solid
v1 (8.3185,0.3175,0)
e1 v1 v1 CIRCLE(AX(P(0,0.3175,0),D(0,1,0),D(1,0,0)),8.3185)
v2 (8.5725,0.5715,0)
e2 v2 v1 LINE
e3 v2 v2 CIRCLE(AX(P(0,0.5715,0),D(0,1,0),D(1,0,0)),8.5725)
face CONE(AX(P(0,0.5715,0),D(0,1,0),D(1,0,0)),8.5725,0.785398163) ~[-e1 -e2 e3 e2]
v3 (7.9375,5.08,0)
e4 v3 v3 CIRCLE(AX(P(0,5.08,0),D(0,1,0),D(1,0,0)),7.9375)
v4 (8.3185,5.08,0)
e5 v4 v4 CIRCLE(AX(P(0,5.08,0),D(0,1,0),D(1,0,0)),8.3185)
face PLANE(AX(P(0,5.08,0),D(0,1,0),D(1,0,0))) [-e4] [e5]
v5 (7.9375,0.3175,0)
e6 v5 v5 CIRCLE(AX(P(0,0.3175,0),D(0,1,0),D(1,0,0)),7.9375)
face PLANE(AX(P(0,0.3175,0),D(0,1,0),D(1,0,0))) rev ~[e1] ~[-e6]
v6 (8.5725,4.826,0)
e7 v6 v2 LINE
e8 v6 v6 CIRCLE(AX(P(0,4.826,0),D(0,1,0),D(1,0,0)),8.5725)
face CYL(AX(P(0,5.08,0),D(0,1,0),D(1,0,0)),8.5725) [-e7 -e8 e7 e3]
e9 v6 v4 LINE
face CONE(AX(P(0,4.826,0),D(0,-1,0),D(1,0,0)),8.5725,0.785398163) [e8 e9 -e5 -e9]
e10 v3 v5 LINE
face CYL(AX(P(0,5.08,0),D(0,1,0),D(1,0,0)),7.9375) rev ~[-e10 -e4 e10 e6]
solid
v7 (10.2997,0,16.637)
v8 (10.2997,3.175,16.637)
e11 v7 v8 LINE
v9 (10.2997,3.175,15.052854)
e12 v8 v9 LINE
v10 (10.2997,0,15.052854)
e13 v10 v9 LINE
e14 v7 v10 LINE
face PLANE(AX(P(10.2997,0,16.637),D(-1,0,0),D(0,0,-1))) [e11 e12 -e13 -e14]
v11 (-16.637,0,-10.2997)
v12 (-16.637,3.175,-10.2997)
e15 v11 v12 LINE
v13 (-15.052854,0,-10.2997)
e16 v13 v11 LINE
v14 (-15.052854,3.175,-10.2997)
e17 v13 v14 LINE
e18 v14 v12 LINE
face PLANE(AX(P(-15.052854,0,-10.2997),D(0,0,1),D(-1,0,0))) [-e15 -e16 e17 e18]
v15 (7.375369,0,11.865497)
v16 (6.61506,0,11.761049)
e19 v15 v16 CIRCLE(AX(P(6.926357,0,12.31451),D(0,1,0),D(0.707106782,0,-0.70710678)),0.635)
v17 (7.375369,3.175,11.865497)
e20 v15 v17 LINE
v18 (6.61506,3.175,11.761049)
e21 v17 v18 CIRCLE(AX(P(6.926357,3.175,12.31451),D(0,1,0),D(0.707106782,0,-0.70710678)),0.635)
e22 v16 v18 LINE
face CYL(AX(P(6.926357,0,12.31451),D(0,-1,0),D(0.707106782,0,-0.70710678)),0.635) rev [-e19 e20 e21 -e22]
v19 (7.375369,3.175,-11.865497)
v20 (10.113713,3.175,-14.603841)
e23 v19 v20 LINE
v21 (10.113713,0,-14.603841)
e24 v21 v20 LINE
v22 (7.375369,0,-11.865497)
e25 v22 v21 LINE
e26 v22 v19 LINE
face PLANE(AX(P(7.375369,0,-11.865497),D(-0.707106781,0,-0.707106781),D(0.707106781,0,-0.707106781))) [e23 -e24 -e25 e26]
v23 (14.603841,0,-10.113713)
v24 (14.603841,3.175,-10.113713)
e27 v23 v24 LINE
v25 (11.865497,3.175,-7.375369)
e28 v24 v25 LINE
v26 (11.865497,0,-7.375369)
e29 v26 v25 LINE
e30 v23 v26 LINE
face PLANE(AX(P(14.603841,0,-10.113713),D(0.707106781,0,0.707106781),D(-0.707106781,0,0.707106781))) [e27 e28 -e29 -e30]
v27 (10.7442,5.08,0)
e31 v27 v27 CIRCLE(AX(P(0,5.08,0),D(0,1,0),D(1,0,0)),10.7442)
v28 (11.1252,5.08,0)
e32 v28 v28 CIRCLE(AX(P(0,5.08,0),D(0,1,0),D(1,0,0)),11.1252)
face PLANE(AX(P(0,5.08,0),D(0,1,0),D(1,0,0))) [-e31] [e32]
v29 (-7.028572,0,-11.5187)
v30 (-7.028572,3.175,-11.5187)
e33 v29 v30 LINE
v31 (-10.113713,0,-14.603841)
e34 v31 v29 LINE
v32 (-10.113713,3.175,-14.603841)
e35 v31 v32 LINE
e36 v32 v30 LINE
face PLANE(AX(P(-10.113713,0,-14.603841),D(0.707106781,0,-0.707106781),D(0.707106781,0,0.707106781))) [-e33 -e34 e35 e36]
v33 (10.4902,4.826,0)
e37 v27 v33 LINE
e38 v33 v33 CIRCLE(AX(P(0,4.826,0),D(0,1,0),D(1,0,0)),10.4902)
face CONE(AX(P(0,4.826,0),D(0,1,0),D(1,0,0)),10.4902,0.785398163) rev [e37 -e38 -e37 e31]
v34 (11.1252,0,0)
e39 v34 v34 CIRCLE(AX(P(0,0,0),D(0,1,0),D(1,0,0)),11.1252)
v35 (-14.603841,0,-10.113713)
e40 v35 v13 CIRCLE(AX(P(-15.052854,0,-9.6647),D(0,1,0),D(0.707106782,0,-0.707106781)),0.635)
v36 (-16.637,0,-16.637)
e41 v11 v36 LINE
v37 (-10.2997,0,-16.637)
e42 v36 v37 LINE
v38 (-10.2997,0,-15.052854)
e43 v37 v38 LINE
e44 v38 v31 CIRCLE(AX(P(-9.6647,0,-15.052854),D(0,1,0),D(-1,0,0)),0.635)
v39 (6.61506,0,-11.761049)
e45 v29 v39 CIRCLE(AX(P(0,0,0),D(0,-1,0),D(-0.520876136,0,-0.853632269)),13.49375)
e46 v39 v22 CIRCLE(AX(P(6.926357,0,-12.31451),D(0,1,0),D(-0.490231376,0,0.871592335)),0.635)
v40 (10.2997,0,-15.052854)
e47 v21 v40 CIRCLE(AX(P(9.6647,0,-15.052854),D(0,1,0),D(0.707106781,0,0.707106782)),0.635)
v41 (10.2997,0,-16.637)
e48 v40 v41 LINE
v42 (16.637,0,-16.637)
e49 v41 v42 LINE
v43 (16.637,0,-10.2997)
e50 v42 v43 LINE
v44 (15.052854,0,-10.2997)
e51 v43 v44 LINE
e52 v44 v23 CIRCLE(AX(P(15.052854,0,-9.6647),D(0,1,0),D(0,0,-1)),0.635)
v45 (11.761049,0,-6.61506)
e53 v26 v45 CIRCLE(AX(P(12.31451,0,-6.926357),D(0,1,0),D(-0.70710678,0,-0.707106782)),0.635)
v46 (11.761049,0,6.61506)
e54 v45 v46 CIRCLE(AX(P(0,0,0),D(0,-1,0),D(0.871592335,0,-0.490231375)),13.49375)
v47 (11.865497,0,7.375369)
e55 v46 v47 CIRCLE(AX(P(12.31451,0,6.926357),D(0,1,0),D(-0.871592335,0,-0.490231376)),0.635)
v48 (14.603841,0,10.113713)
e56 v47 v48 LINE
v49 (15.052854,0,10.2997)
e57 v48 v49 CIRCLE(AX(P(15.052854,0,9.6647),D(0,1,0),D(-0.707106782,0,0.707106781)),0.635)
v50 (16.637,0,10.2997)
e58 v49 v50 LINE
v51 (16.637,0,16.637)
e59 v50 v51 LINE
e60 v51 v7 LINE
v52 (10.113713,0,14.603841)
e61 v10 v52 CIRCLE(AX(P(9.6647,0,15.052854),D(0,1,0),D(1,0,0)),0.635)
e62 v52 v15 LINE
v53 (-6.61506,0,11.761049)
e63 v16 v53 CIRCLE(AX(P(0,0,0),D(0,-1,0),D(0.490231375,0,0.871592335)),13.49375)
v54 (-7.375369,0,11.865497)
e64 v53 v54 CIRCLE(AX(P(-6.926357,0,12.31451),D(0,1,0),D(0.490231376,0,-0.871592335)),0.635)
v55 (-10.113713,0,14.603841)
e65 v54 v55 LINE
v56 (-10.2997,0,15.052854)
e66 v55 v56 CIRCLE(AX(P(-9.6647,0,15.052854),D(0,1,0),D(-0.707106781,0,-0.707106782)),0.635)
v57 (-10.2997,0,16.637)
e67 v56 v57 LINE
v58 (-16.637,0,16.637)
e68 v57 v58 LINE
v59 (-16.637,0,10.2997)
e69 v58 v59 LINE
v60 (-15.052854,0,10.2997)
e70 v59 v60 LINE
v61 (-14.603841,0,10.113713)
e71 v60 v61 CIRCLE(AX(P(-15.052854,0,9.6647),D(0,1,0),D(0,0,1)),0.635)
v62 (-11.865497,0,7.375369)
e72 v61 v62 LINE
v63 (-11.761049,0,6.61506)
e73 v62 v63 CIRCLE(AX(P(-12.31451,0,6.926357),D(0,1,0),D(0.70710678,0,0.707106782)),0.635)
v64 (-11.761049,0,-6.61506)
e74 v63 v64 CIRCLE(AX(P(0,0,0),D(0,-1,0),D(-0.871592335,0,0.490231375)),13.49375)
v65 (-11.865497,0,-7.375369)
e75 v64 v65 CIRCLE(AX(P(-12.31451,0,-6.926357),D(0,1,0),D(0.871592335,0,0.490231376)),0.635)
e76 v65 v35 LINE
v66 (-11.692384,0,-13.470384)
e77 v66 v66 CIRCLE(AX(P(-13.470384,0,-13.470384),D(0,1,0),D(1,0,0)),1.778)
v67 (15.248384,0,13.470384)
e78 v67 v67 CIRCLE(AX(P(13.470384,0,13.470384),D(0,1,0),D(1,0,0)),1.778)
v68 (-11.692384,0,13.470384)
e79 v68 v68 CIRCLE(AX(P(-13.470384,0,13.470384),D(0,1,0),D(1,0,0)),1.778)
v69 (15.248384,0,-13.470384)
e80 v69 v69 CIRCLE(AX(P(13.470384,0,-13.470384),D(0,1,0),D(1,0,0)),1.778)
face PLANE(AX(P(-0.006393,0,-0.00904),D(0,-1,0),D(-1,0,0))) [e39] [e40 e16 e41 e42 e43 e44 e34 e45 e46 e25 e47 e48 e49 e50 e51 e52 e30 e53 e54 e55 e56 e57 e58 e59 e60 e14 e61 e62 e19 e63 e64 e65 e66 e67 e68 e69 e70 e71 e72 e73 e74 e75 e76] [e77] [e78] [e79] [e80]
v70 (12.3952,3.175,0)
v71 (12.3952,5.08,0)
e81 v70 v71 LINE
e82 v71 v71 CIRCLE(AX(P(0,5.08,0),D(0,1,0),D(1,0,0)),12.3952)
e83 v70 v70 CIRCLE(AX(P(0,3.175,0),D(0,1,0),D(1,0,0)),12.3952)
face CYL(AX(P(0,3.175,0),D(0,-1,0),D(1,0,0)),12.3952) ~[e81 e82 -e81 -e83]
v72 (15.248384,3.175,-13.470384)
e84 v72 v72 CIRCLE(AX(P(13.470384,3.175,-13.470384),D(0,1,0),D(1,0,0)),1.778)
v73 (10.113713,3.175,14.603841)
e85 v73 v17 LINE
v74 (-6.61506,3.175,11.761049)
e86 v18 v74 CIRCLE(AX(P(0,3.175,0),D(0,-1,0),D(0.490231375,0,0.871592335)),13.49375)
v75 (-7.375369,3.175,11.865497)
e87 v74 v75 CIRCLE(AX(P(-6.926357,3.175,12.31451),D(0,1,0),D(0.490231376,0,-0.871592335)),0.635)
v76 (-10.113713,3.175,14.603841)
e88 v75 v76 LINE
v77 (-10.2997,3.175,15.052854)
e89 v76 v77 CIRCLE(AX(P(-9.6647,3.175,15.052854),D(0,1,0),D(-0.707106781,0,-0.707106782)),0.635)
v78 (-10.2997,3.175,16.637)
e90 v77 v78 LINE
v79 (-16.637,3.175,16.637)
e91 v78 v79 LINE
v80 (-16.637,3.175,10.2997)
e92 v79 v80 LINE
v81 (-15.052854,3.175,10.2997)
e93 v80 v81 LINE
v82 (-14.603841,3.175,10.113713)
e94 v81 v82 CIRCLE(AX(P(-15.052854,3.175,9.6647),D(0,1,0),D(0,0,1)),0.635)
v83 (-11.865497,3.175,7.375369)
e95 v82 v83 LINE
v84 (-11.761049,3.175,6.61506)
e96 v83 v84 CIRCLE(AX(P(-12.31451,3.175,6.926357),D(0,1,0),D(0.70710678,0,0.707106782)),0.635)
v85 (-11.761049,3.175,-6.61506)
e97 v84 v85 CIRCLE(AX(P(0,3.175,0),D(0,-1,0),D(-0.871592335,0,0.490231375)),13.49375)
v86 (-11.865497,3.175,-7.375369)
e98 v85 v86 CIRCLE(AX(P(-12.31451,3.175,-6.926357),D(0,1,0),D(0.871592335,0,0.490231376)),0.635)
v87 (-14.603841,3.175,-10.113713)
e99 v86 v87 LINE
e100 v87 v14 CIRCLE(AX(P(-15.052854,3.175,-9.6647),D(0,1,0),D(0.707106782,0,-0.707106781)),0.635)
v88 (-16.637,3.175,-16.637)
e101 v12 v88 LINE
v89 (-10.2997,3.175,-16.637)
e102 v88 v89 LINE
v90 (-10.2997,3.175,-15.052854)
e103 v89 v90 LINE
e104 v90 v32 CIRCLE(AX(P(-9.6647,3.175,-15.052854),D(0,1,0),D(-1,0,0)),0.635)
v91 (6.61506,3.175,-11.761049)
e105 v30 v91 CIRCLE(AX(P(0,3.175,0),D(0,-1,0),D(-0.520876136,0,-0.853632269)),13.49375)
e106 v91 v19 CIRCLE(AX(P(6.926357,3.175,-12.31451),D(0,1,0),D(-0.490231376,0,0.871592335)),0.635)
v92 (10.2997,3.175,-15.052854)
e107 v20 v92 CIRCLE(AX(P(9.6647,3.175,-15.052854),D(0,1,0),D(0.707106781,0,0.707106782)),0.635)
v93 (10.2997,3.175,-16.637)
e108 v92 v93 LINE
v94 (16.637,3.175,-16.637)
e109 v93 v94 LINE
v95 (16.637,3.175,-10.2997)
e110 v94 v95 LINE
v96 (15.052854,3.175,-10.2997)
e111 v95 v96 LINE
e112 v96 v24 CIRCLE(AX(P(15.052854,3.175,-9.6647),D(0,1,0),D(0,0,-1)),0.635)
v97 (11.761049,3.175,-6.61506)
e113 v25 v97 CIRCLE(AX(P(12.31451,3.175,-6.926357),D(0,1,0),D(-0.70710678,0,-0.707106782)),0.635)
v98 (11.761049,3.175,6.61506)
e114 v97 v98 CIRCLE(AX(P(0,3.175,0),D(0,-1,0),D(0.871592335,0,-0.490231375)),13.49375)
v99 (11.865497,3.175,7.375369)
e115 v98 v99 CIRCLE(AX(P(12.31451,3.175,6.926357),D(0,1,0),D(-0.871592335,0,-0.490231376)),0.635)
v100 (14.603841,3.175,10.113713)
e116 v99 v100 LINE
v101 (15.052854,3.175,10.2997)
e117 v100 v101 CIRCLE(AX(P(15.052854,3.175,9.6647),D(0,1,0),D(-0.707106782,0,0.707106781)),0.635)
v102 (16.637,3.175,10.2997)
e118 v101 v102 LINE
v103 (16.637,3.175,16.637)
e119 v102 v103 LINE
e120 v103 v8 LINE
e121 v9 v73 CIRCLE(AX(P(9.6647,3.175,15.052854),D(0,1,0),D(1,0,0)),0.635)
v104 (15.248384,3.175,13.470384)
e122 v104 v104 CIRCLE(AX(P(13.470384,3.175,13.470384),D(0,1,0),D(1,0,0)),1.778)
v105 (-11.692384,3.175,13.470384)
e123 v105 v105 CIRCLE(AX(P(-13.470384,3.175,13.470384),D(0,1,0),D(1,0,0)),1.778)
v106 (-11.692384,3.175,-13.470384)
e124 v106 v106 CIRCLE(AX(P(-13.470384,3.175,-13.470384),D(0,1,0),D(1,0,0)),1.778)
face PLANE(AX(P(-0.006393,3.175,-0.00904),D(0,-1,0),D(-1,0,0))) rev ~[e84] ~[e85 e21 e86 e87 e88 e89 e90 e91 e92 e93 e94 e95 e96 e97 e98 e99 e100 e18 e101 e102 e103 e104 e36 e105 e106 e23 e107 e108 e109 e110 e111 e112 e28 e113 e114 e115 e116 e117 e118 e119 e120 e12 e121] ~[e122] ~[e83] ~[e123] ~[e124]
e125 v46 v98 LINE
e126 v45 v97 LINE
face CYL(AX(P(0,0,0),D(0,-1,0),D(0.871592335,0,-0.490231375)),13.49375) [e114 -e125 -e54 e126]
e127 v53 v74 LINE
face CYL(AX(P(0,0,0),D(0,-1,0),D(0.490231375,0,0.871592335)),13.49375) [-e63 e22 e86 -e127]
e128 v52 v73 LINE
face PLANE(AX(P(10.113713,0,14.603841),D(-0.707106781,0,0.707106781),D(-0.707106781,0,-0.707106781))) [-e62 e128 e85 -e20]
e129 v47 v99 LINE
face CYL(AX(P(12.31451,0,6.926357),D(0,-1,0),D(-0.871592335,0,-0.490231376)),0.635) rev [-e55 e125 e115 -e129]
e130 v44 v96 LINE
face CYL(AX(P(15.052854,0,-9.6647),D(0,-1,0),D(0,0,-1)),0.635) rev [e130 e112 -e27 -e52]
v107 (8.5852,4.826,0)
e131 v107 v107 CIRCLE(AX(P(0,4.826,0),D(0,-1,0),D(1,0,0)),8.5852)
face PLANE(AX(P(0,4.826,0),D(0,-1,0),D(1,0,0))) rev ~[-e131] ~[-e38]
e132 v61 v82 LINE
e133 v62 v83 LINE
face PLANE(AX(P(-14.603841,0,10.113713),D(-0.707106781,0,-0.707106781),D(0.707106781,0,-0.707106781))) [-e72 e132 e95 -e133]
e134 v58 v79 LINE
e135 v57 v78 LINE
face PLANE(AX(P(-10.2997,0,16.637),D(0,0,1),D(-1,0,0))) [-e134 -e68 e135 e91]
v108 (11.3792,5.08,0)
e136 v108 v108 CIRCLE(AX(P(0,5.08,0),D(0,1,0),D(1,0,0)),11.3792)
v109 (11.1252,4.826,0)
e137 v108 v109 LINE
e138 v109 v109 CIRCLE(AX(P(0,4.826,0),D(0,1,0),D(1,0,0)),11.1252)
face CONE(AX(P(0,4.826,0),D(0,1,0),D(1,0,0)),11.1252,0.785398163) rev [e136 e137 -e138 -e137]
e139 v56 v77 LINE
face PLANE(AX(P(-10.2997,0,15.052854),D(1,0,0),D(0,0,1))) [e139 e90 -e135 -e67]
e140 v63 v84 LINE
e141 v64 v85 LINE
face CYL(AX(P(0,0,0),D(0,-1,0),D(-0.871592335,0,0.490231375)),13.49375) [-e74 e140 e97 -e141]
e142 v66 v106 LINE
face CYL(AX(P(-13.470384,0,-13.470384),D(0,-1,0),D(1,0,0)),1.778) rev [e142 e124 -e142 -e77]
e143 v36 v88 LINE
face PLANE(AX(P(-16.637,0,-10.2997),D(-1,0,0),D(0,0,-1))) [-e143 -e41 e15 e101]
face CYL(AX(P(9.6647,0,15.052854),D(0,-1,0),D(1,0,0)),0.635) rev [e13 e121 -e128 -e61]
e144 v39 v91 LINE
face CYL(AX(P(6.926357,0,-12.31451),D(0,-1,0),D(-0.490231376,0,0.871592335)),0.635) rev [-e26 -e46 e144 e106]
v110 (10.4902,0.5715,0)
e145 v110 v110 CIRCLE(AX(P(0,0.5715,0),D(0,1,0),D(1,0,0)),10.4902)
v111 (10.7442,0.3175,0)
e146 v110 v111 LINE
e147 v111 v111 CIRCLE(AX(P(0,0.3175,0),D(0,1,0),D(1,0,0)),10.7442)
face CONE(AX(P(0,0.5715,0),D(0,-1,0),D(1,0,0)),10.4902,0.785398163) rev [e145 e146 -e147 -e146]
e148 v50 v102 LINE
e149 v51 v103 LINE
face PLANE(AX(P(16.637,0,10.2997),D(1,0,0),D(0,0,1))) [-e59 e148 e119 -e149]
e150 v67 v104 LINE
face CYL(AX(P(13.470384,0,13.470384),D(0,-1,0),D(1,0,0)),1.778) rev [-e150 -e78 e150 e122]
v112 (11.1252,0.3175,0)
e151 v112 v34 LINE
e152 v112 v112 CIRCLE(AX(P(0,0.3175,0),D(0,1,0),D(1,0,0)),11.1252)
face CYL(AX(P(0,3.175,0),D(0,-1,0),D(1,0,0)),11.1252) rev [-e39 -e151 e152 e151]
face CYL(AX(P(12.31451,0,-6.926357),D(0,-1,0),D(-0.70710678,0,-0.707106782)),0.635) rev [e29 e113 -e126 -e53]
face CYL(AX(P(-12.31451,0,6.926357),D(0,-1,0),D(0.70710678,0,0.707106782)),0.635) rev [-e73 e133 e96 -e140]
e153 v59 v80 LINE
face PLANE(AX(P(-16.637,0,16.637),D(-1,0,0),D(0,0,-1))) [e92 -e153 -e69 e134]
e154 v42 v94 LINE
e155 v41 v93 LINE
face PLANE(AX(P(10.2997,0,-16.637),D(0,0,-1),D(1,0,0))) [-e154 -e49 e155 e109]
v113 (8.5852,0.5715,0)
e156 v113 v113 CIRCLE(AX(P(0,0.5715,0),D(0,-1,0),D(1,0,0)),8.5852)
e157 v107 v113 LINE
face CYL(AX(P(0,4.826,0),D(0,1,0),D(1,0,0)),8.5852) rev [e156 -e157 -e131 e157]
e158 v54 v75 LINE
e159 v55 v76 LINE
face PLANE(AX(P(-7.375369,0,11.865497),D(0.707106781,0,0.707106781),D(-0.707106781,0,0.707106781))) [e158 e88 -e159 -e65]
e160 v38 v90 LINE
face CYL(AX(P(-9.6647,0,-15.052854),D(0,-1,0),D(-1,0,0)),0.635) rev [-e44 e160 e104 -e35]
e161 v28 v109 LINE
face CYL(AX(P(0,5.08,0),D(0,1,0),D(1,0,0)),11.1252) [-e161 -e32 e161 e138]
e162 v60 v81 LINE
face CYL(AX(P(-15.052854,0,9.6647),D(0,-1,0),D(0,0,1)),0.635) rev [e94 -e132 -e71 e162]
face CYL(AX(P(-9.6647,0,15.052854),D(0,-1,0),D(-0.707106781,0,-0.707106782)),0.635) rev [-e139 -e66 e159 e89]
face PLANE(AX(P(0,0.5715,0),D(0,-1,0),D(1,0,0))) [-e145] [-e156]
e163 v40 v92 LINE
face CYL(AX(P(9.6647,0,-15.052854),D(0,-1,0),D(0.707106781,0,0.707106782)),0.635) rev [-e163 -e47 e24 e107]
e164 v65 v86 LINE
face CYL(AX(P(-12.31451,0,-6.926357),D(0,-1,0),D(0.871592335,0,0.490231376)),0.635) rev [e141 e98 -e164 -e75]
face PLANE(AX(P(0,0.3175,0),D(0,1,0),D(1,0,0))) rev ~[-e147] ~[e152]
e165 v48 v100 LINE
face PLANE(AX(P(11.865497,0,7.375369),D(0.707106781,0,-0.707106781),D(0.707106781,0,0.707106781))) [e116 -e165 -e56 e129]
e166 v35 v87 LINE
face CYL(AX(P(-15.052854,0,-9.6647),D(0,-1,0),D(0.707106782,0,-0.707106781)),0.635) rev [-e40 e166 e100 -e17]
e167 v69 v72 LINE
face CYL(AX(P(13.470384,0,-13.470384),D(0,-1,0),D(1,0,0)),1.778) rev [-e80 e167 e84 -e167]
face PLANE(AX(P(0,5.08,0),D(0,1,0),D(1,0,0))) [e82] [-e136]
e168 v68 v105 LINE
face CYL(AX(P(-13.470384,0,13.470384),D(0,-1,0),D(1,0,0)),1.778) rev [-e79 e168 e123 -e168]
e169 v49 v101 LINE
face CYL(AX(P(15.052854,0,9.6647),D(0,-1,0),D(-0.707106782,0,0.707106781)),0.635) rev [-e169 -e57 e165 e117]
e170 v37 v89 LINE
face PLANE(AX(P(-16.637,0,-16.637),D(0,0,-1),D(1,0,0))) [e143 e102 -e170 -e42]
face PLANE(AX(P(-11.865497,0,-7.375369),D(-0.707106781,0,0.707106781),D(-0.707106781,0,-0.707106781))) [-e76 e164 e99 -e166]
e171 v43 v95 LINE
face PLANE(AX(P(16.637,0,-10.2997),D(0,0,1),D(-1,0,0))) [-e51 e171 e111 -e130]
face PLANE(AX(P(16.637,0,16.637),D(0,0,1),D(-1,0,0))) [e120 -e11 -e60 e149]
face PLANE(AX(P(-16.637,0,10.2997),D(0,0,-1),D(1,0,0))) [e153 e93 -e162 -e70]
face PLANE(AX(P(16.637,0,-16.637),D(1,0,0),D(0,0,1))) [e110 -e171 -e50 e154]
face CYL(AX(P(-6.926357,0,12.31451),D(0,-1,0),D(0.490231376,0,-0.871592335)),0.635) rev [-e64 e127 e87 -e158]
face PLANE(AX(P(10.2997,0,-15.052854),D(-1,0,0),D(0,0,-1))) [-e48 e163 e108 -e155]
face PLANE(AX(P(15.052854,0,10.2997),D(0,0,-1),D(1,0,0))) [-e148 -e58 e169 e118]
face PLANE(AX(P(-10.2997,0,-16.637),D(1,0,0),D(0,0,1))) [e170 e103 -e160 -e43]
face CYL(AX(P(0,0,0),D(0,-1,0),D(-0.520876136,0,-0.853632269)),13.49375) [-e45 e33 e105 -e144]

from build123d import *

# Parameters (mm, degrees)
SKETCH1_R           = 11.1252
SKETCH1_R_2         = 1.778
BOSS_EXTRUDE1_DEPTH = 3.175
SKETCH2_R           = 12.3952
SKETCH2_R_2         = 11.1252
BOSS_EXTRUDE2_DEPTH = 1.905
CHAMFER1_SIZE       = 0.254
SKETCH3_R           = 11.1252
SKETCH3_R_2         = 10.4902
BOSS_EXTRUDE3_DEPTH = 4.7625
CHAMFER2_SIZE       = 0.254
SKETCH4_R           = 10.4902
SKETCH4_R_2         = 8.5852
BOSS_EXTRUDE4_DEPTH = 4.2545
SKETCH5_R           = 8.5725
SKETCH5_R_2         = 7.9375
BOSS_EXTRUDE5_DEPTH = 4.7625
CHAMFER3_SIZE       = 0.254


with BuildPart() as part:
    # Sketch1 → Boss-Extrude1 (new body)
    with BuildSketch(Plane(origin=(0, 0, 0), x_dir=(1, 0, 0), z_dir=(0, 1, 0))):
        with BuildLine():
            Line((-10.2997, 16.637), (-10.2997, 15.052853673))
            ThreePointArc((-10.2997, 15.052853673), (-10.251363503, 14.809849693), (-10.113712806, 14.603840867))
            Line((-10.113712806, 14.603840867), (-7.028572367, 11.518700428))
            ThreePointArc((-7.028572367, 11.518700428), (-0.239648526, 13.491621757), (6.615059614, 11.761049076))
            ThreePointArc((6.615059614, 11.761049076), (7.012778636, 11.685418625), (7.375369343, 11.865497403))
            Line((7.375369343, 11.865497403), (10.113712806, 14.603840867))
            ThreePointArc((10.113712806, 14.603840867), (10.251363503, 14.809849693), (10.2997, 15.052853673))
            Line((10.2997, 15.052853673), (10.2997, 16.637))
            Line((10.2997, 16.637), (16.637, 16.637))
            Line((16.637, 16.637), (16.637, 10.2997))
            Line((16.637, 10.2997), (15.052853673, 10.2997))
            ThreePointArc((15.052853673, 10.2997), (14.809849693, 10.251363503), (14.603840867, 10.113712806))
            Line((14.603840867, 10.113712806), (11.865497403, 7.375369343))
            ThreePointArc((11.865497403, 7.375369343), (11.685418625, 7.012778636), (11.761049076, 6.615059614))
            ThreePointArc((11.761049076, 6.615059614), (13.49375, 0), (11.761049076, -6.615059614))
            ThreePointArc((11.761049076, -6.615059614), (11.685418625, -7.012778636), (11.865497403, -7.375369343))
            Line((11.865497403, -7.375369343), (14.603840867, -10.113712806))
            ThreePointArc((14.603840867, -10.113712806), (14.809849693, -10.251363503), (15.052853673, -10.2997))
            Line((15.052853673, -10.2997), (16.637, -10.2997))
            Line((16.637, -10.2997), (16.637, -16.637))
            Line((16.637, -16.637), (10.2997, -16.637))
            Line((10.2997, -16.637), (10.2997, -15.052853673))
            ThreePointArc((10.2997, -15.052853673), (10.251363503, -14.809849693), (10.113712806, -14.603840867))
            Line((10.113712806, -14.603840867), (7.375369343, -11.865497403))
            ThreePointArc((7.375369343, -11.865497403), (7.012778636, -11.685418625), (6.615059614, -11.761049076))
            ThreePointArc((6.615059614, -11.761049076), (0, -13.49375), (-6.615059614, -11.761049076))
            ThreePointArc((-6.615059614, -11.761049076), (-7.012778636, -11.685418625), (-7.375369343, -11.865497403))
            Line((-7.375369343, -11.865497403), (-10.113712806, -14.603840867))
            ThreePointArc((-10.113712806, -14.603840867), (-10.251363503, -14.809849693), (-10.2997, -15.052853673))
            Line((-10.2997, -15.052853673), (-10.2997, -16.637))
            Line((-10.2997, -16.637), (-16.637, -16.637))
            Line((-16.637, -16.637), (-16.637, -10.2997))
            Line((-16.637, -10.2997), (-15.052853673, -10.2997))
            ThreePointArc((-15.052853673, -10.2997), (-14.809849693, -10.251363503), (-14.603840867, -10.113712806))
            Line((-14.603840867, -10.113712806), (-11.865497403, -7.375369343))
            ThreePointArc((-11.865497403, -7.375369343), (-11.685418625, -7.012778636), (-11.761049076, -6.615059614))
            ThreePointArc((-11.761049076, -6.615059614), (-13.49375, 0), (-11.761049076, 6.615059614))
            ThreePointArc((-11.761049076, 6.615059614), (-11.685418625, 7.012778636), (-11.865497403, 7.375369343))
            Line((-11.865497403, 7.375369343), (-14.603840867, 10.113712806))
            ThreePointArc((-14.603840867, 10.113712806), (-14.809849693, 10.251363503), (-15.052853673, 10.2997))
            Line((-15.052853673, 10.2997), (-16.637, 10.2997))
            Line((-16.637, 10.2997), (-16.637, 16.637))
            Line((-16.637, 16.637), (-10.2997, 16.637))
        make_face()
        Circle(SKETCH1_R, mode=Mode.SUBTRACT)
        with Locations((-13.470384182, -13.470384182)):
            Circle(SKETCH1_R_2, mode=Mode.SUBTRACT)
        with Locations((-13.470384182, 13.470384182)):
            Circle(SKETCH1_R_2, mode=Mode.SUBTRACT)
        with Locations((13.470384182, 13.470384182)):
            Circle(SKETCH1_R_2, mode=Mode.SUBTRACT)
        with Locations((13.470384182, -13.470384182)):
            Circle(SKETCH1_R_2, mode=Mode.SUBTRACT)
    extrude(amount=BOSS_EXTRUDE1_DEPTH)

    # Sketch2 → Boss-Extrude2 (add)
    with BuildSketch(Plane(origin=(0, 3.175, 0), x_dir=(1, 0, 0), z_dir=(0, 1, 0))):
        Circle(SKETCH2_R)
        Circle(SKETCH2_R_2, mode=Mode.SUBTRACT)
    extrude(amount=BOSS_EXTRUDE2_DEPTH)

    # Chamfer1
    chamfer1_edges = [part.edges().sort_by_distance(p)[0] for p in [
        (-11.1252, 5.08, 0),
    ]]
    chamfer(chamfer1_edges, length=CHAMFER1_SIZE)

    # Sketch3 → Boss-Extrude3 (add)
    with BuildSketch(Plane(origin=(0, 5.08, 0), x_dir=(1, 0, 0), z_dir=(0, 1, 0))):
        Circle(SKETCH3_R)
        Circle(SKETCH3_R_2, mode=Mode.SUBTRACT)
    extrude(amount=-BOSS_EXTRUDE3_DEPTH)

    # Chamfer2
    chamfer2_edges = [part.edges().sort_by_distance(p)[0] for p in [
        (-10.4902, 0.3175, 0),
        (-10.4902, 5.08, 0),
    ]]
    chamfer(chamfer2_edges, length=CHAMFER2_SIZE)

    # Sketch4 → Boss-Extrude4 (add)
    with BuildSketch(Plane.XZ.offset(-4.826)):
        Circle(SKETCH4_R)
        Circle(SKETCH4_R_2, mode=Mode.SUBTRACT)
    extrude(amount=BOSS_EXTRUDE4_DEPTH)


with BuildPart() as body_2:
    # Sketch5 → Boss-Extrude5 (new body)
    with BuildSketch(Plane(origin=(0, 5.08, 0), x_dir=(1, 0, 0), z_dir=(0, 1, 0))):
        Circle(SKETCH5_R)
        Circle(SKETCH5_R_2, mode=Mode.SUBTRACT)
    extrude(amount=-BOSS_EXTRUDE5_DEPTH)

    # Chamfer3
    chamfer3_edges = [body_2.edges().sort_by_distance(p)[0] for p in [
        (-8.5725, 5.08, 0),
        (-8.5725, 0.3175, 0),
    ]]
    chamfer(chamfer3_edges, length=CHAMFER3_SIZE)


solid = Compound([part.part, body_2.part])
